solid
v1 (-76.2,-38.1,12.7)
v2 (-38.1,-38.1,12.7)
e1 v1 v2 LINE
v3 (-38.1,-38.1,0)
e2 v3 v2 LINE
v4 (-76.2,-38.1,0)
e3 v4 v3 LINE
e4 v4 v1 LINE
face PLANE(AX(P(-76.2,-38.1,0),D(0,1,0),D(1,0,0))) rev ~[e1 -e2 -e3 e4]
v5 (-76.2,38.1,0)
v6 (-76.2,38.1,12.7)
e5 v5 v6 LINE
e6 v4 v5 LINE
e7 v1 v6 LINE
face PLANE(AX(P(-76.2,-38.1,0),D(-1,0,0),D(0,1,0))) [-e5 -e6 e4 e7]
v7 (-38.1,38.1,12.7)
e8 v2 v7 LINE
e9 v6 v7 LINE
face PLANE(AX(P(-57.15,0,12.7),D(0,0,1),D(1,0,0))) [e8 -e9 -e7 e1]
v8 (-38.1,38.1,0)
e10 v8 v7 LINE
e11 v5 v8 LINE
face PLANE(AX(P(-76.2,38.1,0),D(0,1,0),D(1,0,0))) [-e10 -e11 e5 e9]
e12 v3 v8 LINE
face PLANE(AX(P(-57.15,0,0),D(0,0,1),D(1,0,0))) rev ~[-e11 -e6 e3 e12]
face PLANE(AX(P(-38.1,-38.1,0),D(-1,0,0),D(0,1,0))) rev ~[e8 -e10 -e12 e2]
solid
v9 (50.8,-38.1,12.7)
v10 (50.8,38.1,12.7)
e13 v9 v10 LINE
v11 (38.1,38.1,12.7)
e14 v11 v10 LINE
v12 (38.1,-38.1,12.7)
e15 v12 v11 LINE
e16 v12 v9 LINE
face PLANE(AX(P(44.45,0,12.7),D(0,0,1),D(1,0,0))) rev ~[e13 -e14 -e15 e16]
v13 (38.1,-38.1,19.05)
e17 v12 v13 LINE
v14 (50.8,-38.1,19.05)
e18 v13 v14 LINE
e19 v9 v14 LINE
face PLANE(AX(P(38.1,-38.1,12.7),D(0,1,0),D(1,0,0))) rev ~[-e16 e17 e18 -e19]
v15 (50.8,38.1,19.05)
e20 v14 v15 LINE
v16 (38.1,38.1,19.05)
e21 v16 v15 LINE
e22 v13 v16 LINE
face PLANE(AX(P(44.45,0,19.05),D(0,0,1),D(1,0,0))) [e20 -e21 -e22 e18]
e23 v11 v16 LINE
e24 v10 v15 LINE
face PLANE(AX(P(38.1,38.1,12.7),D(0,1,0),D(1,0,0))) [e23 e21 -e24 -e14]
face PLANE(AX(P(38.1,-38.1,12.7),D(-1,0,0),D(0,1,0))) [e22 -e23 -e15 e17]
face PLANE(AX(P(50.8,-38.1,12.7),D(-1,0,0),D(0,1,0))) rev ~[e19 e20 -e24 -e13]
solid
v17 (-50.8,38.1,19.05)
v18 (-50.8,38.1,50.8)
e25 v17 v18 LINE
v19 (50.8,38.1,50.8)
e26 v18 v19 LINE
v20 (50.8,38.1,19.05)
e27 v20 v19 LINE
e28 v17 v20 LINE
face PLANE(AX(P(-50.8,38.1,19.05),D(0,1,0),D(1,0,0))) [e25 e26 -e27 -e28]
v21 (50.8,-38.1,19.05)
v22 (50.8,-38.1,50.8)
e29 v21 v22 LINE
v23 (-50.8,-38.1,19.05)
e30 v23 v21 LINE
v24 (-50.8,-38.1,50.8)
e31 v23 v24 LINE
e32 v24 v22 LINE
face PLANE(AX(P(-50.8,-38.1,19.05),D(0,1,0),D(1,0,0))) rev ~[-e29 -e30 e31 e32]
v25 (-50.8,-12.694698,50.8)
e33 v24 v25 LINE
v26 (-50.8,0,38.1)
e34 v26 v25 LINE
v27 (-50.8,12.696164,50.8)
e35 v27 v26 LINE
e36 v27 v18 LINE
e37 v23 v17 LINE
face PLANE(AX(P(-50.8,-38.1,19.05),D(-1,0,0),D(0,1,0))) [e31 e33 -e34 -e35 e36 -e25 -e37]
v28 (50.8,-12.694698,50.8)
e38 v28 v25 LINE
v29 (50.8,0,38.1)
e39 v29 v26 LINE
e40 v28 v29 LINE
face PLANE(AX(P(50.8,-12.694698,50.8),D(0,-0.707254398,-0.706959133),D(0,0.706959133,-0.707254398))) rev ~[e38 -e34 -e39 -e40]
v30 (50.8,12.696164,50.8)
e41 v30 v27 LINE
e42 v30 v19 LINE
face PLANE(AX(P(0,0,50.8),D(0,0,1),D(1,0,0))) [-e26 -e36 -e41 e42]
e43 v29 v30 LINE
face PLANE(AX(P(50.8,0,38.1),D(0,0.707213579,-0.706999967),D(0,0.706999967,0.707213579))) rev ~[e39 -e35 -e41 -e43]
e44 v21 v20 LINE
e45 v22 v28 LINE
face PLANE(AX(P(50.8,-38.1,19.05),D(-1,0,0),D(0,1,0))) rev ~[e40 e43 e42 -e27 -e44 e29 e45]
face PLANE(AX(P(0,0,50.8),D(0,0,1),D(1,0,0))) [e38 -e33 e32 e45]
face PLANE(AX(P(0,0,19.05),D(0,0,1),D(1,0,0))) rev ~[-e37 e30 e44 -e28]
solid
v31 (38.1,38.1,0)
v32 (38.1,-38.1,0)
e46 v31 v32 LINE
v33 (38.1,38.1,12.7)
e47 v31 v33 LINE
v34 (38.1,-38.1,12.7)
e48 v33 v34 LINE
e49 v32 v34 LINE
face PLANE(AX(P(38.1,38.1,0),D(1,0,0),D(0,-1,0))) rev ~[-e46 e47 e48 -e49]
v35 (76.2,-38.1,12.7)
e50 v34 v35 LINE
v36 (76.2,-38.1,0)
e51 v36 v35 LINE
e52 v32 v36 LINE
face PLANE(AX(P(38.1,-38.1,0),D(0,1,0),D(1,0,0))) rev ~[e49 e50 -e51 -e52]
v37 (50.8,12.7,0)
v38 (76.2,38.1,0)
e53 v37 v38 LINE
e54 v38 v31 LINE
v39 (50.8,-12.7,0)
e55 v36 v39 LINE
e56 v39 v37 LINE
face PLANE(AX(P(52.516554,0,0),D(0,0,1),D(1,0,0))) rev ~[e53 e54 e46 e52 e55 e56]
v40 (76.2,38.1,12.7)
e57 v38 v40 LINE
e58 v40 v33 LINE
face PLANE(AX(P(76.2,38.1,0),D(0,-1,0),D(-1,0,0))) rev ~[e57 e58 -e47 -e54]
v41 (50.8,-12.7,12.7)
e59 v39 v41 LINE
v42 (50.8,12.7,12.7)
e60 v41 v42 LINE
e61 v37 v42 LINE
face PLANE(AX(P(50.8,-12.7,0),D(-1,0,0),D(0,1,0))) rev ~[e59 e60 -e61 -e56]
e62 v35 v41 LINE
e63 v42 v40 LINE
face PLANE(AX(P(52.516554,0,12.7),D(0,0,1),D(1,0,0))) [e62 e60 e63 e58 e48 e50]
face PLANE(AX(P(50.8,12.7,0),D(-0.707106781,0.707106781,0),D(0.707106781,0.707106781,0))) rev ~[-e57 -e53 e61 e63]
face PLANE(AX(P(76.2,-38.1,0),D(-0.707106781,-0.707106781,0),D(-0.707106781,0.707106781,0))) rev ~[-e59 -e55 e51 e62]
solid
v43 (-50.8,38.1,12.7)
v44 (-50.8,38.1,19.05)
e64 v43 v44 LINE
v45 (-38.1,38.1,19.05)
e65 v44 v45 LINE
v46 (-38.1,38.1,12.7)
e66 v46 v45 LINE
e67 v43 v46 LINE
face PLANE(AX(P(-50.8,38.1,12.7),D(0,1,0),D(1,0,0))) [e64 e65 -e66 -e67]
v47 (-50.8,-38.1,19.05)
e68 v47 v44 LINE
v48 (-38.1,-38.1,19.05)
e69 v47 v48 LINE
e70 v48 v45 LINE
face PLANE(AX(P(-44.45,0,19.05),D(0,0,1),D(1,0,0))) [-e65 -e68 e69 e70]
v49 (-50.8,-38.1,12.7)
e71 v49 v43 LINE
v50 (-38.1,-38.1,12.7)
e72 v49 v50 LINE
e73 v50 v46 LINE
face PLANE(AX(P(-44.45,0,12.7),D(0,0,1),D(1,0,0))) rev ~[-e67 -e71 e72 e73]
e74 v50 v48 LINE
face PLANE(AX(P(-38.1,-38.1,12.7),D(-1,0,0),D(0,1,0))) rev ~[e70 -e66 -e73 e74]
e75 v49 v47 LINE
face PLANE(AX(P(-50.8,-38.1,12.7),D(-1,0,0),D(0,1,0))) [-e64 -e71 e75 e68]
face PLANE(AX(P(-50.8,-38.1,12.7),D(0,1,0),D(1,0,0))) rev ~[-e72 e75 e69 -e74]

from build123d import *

# Parameters (mm, degrees)
F0_W     = 38.1
F0_H     = 76.2
F1_DEPTH = 12.7
F2_W     = 12.7
F2_H     = 76.2
F3_DEPTH = 6.35
F4_W     = 101.6
F4_H     = 76.2
F5_DEPTH = 31.75
F7_DEPTH = 127.001


with BuildPart() as f1:
    # F0 (on Top) → F1 (new body)
    with BuildSketch(Plane.XY):
        Polygon((76.2, 38.1), (38.1, 38.1), (38.1, -38.1), (76.2, -38.1), (50.8, -12.7), (50.8, 12.7), align=None)
        with Locations((-57.15, 0)):
            Rectangle(F0_W, F0_H)
    extrude(amount=F1_DEPTH)


with BuildPart() as f3:
    # F2 (on face) → F3 (new body)
    with BuildSketch(Plane.XY.offset(12.7)):
        with Locations((44.45, 0)):
            Rectangle(F2_W, F2_H)
        with Locations((-44.45, 0)):
            Rectangle(F2_W, F2_H)
    extrude(amount=F3_DEPTH)


with BuildPart() as f5:
    # F4 (on face) → F5 (new body)
    with BuildSketch(Plane.XY.offset(19.05)):
        Rectangle(F4_W, F4_H)
    extrude(amount=F5_DEPTH)

    # F6 (on face) → F7 (cut, through all)
    with BuildSketch(Plane.YZ.offset(50.8)):
        Polygon((-12.694698, 50.8), (0, 38.1), (12.696164, 50.8), align=None)
    extrude(amount=-F7_DEPTH, mode=Mode.SUBTRACT)


solid = Compound([f1.part, f3.part, f5.part])
